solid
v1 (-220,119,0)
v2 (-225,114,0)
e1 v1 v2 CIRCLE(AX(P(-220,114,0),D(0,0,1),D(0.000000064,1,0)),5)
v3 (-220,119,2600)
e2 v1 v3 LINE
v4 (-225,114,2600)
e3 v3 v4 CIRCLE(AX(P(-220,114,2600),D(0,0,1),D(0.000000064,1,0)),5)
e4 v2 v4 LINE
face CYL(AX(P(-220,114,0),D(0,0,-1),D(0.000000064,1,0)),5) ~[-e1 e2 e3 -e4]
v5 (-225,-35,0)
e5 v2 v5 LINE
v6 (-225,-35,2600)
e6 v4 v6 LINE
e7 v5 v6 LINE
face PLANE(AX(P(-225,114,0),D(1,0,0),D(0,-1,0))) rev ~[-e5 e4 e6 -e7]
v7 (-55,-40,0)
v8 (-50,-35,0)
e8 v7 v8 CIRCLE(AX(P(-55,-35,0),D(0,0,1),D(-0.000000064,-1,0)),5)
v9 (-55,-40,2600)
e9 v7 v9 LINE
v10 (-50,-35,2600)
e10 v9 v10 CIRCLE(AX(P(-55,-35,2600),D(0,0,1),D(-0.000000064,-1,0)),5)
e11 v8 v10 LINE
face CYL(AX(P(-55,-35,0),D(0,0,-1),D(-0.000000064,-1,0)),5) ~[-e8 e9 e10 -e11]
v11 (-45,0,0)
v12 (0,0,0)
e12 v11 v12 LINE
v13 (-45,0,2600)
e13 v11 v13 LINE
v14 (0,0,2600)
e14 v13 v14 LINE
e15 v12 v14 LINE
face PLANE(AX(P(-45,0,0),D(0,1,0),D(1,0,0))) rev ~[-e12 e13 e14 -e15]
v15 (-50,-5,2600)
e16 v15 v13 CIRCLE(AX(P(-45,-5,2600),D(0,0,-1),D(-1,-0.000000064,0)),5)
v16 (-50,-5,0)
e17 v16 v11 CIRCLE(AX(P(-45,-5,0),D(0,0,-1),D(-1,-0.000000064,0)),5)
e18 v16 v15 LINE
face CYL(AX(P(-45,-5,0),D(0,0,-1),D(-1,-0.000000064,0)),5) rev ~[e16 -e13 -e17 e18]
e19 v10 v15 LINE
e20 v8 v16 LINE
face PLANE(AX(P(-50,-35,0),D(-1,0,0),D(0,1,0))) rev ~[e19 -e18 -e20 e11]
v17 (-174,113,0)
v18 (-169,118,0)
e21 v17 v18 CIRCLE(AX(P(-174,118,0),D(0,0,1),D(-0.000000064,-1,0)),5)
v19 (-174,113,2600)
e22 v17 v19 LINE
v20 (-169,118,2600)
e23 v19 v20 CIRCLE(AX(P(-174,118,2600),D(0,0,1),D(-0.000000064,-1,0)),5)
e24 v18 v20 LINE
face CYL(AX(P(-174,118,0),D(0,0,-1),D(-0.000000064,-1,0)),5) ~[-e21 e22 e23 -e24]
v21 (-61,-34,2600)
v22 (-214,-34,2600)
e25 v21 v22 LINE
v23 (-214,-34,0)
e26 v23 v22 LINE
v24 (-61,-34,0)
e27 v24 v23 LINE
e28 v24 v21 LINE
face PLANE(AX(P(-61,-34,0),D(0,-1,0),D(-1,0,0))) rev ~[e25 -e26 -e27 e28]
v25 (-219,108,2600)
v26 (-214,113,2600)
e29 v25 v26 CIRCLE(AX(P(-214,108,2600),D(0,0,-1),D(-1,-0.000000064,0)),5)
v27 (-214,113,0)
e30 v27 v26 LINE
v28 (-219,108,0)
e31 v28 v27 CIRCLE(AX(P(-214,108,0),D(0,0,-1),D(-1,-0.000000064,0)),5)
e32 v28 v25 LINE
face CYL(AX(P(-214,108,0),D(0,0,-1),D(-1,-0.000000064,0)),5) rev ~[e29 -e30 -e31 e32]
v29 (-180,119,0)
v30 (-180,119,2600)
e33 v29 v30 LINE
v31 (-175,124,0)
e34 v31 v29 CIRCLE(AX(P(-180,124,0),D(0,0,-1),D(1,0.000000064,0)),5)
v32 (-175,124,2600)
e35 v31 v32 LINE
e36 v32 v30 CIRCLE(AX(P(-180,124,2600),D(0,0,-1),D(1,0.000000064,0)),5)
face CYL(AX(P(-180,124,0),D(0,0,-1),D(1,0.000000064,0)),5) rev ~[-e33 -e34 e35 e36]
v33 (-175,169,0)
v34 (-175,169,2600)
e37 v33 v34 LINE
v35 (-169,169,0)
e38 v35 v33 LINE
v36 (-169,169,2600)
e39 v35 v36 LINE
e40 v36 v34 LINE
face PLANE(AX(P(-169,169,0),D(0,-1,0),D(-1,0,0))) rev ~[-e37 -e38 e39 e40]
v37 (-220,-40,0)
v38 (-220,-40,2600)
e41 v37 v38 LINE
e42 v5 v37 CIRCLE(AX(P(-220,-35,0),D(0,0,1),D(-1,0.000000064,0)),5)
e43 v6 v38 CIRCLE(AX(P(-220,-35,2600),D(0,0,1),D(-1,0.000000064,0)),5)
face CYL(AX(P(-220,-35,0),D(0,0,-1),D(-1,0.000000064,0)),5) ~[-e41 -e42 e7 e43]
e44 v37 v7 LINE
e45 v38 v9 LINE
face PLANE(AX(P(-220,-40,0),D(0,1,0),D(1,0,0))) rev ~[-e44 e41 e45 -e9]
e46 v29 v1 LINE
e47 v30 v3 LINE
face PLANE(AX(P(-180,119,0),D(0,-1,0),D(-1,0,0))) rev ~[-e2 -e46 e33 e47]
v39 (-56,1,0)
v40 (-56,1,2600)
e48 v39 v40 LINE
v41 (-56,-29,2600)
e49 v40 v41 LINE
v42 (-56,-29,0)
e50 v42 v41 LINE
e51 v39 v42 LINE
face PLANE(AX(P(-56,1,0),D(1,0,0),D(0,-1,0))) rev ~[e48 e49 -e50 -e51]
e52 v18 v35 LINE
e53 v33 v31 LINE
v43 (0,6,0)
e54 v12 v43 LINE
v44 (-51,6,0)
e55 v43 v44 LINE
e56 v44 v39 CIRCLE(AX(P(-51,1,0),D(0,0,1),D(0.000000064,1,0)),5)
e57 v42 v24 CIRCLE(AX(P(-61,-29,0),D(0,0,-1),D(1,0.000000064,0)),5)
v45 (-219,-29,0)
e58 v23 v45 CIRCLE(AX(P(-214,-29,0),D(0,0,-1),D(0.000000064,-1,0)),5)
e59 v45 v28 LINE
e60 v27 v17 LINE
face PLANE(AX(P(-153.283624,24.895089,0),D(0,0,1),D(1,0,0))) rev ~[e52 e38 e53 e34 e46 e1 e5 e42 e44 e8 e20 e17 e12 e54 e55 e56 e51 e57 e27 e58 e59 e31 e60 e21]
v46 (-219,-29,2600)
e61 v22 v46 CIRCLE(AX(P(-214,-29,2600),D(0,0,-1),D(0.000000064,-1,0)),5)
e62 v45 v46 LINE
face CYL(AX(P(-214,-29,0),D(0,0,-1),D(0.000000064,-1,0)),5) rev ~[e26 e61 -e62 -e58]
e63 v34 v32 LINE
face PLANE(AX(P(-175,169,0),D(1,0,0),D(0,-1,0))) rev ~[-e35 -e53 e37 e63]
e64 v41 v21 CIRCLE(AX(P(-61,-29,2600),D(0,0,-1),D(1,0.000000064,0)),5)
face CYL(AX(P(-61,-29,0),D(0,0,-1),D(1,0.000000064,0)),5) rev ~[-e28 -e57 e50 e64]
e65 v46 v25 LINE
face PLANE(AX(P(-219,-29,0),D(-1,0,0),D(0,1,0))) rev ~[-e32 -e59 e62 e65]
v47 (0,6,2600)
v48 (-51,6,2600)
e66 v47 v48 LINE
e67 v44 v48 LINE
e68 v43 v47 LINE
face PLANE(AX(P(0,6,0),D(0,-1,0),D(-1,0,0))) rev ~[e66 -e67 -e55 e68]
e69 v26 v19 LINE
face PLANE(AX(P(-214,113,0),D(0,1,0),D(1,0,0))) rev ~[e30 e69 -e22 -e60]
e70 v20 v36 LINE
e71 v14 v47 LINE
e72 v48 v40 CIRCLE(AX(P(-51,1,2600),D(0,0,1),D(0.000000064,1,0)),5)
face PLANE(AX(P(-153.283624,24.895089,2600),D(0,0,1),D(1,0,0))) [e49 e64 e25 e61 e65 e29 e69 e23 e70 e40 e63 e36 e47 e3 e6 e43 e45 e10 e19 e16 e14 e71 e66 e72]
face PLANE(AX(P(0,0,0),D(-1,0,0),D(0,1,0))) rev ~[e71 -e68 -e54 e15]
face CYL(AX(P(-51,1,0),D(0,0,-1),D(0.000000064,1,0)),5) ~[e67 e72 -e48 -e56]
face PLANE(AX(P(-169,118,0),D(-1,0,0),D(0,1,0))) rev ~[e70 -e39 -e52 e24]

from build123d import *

# Parameters (mm, degrees)
F1_DEPTH = 2600


with BuildPart() as f1:
    # F0 (on Top) → F1 (new body)
    with BuildSketch(Plane.XY):
        with BuildLine():
            Line((-45, 0), (0, 0))
            Line((0, 0), (0, 6))
            Line((0, 6), (-51, 6))
            ThreePointArc((-51, 6), (-54.535534, 4.535534), (-56, 1))
            Line((-56, 1), (-56, -29))
            ThreePointArc((-56, -29), (-57.464466, -32.535534), (-61, -34))
            Line((-61, -34), (-214, -34))
            ThreePointArc((-214, -34), (-217.535534, -32.535534), (-219, -29))
            Line((-219, -29), (-219, 108))
            ThreePointArc((-219, 108), (-217.535534, 111.535534), (-214, 113))
            Line((-214, 113), (-174, 113))
            ThreePointArc((-174, 113), (-170.464466, 114.464466), (-169, 118))
            Line((-169, 118), (-169, 169))
            Line((-169, 169), (-175, 169))
            Line((-175, 169), (-175, 124))
            ThreePointArc((-175, 124), (-176.464466, 120.464466), (-180, 119))
            Line((-180, 119), (-220, 119))
            ThreePointArc((-220, 119), (-223.535534, 117.535534), (-225, 114))
            Line((-225, 114), (-225, -35))
            ThreePointArc((-225, -35), (-223.535534, -38.535534), (-220, -40))
            Line((-220, -40), (-55, -40))
            ThreePointArc((-55, -40), (-51.464466, -38.535534), (-50, -35))
            Line((-50, -35), (-50, -5))
            ThreePointArc((-50, -5), (-48.535534, -1.464466), (-45, 0))
        make_face()
    extrude(amount=F1_DEPTH)


solid = f1.part
